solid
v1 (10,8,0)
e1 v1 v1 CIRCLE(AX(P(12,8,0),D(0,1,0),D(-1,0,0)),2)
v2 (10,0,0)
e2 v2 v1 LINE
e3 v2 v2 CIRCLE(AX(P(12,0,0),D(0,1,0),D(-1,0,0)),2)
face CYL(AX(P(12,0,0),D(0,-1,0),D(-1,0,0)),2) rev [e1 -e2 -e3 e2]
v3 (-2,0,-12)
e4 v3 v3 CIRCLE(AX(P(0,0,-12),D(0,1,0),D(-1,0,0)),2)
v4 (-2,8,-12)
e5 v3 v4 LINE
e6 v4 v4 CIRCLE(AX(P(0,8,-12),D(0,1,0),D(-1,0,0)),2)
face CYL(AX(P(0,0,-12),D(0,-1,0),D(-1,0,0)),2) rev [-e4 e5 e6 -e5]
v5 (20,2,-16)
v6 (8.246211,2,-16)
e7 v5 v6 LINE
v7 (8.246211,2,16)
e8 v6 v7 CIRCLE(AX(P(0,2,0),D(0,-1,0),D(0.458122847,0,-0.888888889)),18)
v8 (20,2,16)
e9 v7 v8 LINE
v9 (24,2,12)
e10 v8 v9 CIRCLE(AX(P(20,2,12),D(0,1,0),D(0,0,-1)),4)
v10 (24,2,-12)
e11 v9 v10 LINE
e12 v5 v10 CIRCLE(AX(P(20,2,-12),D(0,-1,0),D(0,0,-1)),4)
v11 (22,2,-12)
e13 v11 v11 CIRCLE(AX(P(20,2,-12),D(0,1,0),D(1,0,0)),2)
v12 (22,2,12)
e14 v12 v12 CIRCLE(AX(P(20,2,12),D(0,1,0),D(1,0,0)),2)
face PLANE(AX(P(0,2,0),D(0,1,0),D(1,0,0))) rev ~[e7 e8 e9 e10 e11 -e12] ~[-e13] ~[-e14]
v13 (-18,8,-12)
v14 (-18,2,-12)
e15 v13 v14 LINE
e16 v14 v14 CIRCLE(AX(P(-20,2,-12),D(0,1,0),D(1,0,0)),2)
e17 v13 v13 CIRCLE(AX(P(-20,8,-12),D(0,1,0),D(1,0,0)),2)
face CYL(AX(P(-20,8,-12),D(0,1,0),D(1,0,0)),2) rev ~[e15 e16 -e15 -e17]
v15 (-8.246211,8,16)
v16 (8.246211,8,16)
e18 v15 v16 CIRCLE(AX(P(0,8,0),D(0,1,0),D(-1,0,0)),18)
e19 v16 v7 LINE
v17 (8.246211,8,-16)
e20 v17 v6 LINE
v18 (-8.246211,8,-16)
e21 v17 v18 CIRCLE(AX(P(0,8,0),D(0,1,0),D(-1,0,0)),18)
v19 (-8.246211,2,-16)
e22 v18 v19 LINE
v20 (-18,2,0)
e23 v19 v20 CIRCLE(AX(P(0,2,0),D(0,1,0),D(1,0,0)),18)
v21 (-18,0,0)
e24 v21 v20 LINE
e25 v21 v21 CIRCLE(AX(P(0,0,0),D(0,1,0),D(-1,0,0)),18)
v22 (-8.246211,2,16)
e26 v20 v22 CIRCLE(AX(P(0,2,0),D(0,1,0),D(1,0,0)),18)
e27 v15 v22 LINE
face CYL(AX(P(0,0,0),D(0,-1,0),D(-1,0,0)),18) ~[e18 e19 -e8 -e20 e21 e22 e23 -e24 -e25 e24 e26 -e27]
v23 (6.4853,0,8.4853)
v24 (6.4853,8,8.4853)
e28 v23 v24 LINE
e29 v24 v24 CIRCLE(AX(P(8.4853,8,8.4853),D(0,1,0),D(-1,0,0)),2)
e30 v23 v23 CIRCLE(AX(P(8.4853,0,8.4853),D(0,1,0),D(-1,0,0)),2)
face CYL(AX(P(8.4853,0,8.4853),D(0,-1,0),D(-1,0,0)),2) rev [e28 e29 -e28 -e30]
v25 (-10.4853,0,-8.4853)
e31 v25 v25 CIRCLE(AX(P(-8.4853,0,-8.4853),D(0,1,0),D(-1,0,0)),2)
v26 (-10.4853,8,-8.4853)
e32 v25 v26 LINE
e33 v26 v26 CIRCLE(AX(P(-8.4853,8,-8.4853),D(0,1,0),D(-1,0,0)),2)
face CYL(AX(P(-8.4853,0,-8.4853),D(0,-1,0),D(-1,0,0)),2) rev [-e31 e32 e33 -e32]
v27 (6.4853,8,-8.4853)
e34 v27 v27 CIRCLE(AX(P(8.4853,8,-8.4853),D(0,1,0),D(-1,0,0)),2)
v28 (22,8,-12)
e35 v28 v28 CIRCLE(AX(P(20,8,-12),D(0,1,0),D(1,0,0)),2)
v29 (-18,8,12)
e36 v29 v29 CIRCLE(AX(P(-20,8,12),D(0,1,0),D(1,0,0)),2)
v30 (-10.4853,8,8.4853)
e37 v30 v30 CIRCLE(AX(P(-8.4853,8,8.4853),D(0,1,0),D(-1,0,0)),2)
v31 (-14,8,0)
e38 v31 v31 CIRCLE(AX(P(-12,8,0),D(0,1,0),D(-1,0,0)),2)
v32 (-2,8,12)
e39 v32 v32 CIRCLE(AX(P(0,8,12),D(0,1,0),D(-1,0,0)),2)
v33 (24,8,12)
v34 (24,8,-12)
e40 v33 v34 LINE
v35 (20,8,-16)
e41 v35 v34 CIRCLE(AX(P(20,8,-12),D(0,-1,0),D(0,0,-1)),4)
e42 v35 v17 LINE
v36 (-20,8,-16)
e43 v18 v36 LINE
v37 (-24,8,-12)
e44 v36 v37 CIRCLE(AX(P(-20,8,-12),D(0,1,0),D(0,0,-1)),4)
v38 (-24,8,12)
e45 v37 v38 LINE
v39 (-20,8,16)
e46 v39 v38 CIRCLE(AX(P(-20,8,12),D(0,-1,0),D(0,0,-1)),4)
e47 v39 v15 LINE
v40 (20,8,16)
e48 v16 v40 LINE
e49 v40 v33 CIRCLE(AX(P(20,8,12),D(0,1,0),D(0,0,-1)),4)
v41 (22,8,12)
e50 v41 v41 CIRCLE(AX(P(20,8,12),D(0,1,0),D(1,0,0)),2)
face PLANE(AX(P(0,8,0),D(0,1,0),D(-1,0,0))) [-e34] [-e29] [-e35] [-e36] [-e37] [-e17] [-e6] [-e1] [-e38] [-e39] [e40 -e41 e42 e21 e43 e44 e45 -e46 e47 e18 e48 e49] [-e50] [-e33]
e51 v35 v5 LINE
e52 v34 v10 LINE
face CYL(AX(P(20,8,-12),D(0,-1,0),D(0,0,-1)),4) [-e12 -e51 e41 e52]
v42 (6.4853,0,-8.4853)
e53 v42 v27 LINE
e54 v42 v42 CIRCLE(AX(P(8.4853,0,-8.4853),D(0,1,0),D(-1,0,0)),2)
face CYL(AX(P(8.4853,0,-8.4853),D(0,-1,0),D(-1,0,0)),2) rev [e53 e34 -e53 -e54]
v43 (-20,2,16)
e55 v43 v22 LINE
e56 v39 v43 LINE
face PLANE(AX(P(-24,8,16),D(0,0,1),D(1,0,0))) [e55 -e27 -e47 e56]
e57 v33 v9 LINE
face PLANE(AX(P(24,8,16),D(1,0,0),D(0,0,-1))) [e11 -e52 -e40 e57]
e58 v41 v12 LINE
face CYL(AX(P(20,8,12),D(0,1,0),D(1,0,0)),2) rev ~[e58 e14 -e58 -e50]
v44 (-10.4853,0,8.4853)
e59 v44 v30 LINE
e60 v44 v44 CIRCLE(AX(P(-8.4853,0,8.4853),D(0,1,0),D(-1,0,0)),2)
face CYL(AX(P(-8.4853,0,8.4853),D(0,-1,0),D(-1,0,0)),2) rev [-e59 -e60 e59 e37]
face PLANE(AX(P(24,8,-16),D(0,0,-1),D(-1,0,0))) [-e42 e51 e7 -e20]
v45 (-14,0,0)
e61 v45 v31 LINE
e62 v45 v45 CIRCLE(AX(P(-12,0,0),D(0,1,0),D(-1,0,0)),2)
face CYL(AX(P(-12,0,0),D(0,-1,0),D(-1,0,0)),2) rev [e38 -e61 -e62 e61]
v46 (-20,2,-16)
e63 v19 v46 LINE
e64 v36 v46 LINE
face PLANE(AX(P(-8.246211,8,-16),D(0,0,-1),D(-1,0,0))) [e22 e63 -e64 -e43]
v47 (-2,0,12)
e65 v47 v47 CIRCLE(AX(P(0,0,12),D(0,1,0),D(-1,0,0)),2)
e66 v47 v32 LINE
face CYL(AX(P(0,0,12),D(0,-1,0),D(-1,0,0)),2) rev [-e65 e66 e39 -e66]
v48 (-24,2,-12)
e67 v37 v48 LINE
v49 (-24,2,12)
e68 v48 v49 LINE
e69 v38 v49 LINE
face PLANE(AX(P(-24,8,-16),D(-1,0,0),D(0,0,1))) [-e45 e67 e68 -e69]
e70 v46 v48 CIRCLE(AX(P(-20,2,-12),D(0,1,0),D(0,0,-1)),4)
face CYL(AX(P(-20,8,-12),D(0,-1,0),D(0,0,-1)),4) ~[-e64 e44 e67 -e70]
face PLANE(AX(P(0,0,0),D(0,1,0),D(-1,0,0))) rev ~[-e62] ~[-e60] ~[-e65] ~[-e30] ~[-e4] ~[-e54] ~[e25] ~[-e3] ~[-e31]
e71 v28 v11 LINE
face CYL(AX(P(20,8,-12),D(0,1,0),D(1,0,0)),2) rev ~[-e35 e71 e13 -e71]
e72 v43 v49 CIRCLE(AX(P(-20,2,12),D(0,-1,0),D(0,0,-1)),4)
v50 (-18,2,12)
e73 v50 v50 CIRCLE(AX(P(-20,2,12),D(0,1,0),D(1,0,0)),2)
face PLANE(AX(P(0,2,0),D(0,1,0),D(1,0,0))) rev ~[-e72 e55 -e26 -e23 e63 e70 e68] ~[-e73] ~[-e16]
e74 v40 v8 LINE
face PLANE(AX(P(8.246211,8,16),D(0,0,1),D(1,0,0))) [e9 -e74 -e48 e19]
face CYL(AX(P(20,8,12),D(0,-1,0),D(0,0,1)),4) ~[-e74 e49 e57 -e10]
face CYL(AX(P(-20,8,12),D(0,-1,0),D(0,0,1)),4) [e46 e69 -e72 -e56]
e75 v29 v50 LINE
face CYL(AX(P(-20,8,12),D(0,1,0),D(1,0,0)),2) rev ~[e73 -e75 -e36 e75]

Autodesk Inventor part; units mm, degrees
ref_plane "YZ Plane" through (0, 0, 0) normal (1, 0, 0) x (0, 1, 0)
ref_plane "XZ Plane" through (0, 0, 0) normal (0, 1, 0) x (-1, 0, 0)
ref_plane "XY Plane" through (0, 0, 0) normal (0, 0, 1) x (1, 0, 0)
sketch "Sketch1" plane through (0, 0, 0) normal (0, 1, 0) x (-1, 0, 0)
  circle A0 centre (0, 0) radius 18
  circle A1 centre (0, -12) radius 2
  circle A2 centre (8.4853, -8.4853) radius 2
  circle A3 centre (12, 0) radius 2
  circle A4 centre (8.4853, 8.4853) radius 2
  circle A5 centre (0, 12) radius 2
  circle A6 centre (-8.4853, 8.4853) radius 2
  circle A7 centre (-12, 0) radius 2
  circle A8 centre (-8.4853, -8.4853) radius 2
  dimension "d0" = 36
  dimension "d1" = 4
  dimension "d2" = 12
  dimension "d5" = 360
extrude "Extrusion1" add sketch "Sketch1" along normal blind 8
thread "Thread1" size "M4x0.7" class "6H" standard "ANSI Metric M Profile" full length
thread "Thread2" size "M4x0.7" class "6H" standard "ANSI Metric M Profile" full length
thread "Thread3" size "M4x0.7" class "6H" standard "ANSI Metric M Profile" full length
thread "Thread4" size "M4x0.7" class "6H" standard "ANSI Metric M Profile" full length
thread "Thread5" size "M4x0.7" class "6H" standard "ANSI Metric M Profile" full length
thread "Thread6" size "M4x0.7" class "6H" standard "ANSI Metric M Profile" full length
thread "Thread7" size "M4x0.7" class "6H" standard "ANSI Metric M Profile" full length
thread "Thread8" size "M4x0.7" class "6H" standard "ANSI Metric M Profile" full length
sketch "Sketch2" plane through (0, 8, 0) normal (0, 1, 0) x (1, 0, 0)
  line L0 (-24, -16) -> (24, -16)
  line L1 (24, -16) -> (24, 16)
  line L2 (24, 16) -> (-24, 16)
  line L3 (-24, 16) -> (-24, -16)
  line L4 (-24, -16) -> (24, 16) construction
  line L5 (24, -16) -> (-24, 16) construction
  circle A0 centre (-20, 12) radius 2
  line L6 (0, 0) -> (0, -16) construction
  line L7 (0, 0) -> (24, 0) construction
  circle A1 centre (0, 0) radius 18 projected
  circle A2 centre (8.4853, 8.4853) radius 2 projected
  circle A3 centre (12, 0) radius 2 projected
  circle A4 centre (8.4853, -8.4853) radius 2 projected
  circle A5 centre (0, -12) radius 2 projected
  circle A6 centre (-8.4853, -8.4853) radius 2 projected
  circle A7 centre (-12, 0) radius 2 projected
  circle A8 centre (-8.4853, 8.4853) radius 2 projected
  circle A9 centre (0, 12) radius 2 projected
  circle A10 centre (20, 12) radius 2
  circle A11 centre (-20, -12) radius 2
  circle A12 centre (20, -12) radius 2
  point P0 (8.2462, 16)
  point P1 (8.2462, -16)
  point P2 (-8.2462, -16)
  point P3 (-8.2462, 16)
  dimension "d25" = 48
  dimension "d26" = 32
  dimension "d27" = 4
  dimension "d28" = 20
  dimension "d29" = 12
extrude "Extrusion2" add sketch "Sketch2" against normal blind 6 contours L3 L2 A1 L0 | A1 L2 L1 L0
fillet "Fillet1" radius 4 4 edges at (-24, 5, 16) (24, 5, 16) (24, 5, -16) (-24, 5, -16)
thread "Thread9" size "M4.5x0.75" class "6H" standard "ANSI Metric M Profile" full length
thread "Thread10" size "M4.5x0.75" class "6H" standard "ANSI Metric M Profile" full length
thread "Thread11" size "M4.5x0.75" class "6H" standard "ANSI Metric M Profile" full length
thread "Thread12" size "M4.5x0.75" class "6H" standard "ANSI Metric M Profile" full length
properties part number "ArmBearingClampingPlate2" material "Aluminum 6061"
